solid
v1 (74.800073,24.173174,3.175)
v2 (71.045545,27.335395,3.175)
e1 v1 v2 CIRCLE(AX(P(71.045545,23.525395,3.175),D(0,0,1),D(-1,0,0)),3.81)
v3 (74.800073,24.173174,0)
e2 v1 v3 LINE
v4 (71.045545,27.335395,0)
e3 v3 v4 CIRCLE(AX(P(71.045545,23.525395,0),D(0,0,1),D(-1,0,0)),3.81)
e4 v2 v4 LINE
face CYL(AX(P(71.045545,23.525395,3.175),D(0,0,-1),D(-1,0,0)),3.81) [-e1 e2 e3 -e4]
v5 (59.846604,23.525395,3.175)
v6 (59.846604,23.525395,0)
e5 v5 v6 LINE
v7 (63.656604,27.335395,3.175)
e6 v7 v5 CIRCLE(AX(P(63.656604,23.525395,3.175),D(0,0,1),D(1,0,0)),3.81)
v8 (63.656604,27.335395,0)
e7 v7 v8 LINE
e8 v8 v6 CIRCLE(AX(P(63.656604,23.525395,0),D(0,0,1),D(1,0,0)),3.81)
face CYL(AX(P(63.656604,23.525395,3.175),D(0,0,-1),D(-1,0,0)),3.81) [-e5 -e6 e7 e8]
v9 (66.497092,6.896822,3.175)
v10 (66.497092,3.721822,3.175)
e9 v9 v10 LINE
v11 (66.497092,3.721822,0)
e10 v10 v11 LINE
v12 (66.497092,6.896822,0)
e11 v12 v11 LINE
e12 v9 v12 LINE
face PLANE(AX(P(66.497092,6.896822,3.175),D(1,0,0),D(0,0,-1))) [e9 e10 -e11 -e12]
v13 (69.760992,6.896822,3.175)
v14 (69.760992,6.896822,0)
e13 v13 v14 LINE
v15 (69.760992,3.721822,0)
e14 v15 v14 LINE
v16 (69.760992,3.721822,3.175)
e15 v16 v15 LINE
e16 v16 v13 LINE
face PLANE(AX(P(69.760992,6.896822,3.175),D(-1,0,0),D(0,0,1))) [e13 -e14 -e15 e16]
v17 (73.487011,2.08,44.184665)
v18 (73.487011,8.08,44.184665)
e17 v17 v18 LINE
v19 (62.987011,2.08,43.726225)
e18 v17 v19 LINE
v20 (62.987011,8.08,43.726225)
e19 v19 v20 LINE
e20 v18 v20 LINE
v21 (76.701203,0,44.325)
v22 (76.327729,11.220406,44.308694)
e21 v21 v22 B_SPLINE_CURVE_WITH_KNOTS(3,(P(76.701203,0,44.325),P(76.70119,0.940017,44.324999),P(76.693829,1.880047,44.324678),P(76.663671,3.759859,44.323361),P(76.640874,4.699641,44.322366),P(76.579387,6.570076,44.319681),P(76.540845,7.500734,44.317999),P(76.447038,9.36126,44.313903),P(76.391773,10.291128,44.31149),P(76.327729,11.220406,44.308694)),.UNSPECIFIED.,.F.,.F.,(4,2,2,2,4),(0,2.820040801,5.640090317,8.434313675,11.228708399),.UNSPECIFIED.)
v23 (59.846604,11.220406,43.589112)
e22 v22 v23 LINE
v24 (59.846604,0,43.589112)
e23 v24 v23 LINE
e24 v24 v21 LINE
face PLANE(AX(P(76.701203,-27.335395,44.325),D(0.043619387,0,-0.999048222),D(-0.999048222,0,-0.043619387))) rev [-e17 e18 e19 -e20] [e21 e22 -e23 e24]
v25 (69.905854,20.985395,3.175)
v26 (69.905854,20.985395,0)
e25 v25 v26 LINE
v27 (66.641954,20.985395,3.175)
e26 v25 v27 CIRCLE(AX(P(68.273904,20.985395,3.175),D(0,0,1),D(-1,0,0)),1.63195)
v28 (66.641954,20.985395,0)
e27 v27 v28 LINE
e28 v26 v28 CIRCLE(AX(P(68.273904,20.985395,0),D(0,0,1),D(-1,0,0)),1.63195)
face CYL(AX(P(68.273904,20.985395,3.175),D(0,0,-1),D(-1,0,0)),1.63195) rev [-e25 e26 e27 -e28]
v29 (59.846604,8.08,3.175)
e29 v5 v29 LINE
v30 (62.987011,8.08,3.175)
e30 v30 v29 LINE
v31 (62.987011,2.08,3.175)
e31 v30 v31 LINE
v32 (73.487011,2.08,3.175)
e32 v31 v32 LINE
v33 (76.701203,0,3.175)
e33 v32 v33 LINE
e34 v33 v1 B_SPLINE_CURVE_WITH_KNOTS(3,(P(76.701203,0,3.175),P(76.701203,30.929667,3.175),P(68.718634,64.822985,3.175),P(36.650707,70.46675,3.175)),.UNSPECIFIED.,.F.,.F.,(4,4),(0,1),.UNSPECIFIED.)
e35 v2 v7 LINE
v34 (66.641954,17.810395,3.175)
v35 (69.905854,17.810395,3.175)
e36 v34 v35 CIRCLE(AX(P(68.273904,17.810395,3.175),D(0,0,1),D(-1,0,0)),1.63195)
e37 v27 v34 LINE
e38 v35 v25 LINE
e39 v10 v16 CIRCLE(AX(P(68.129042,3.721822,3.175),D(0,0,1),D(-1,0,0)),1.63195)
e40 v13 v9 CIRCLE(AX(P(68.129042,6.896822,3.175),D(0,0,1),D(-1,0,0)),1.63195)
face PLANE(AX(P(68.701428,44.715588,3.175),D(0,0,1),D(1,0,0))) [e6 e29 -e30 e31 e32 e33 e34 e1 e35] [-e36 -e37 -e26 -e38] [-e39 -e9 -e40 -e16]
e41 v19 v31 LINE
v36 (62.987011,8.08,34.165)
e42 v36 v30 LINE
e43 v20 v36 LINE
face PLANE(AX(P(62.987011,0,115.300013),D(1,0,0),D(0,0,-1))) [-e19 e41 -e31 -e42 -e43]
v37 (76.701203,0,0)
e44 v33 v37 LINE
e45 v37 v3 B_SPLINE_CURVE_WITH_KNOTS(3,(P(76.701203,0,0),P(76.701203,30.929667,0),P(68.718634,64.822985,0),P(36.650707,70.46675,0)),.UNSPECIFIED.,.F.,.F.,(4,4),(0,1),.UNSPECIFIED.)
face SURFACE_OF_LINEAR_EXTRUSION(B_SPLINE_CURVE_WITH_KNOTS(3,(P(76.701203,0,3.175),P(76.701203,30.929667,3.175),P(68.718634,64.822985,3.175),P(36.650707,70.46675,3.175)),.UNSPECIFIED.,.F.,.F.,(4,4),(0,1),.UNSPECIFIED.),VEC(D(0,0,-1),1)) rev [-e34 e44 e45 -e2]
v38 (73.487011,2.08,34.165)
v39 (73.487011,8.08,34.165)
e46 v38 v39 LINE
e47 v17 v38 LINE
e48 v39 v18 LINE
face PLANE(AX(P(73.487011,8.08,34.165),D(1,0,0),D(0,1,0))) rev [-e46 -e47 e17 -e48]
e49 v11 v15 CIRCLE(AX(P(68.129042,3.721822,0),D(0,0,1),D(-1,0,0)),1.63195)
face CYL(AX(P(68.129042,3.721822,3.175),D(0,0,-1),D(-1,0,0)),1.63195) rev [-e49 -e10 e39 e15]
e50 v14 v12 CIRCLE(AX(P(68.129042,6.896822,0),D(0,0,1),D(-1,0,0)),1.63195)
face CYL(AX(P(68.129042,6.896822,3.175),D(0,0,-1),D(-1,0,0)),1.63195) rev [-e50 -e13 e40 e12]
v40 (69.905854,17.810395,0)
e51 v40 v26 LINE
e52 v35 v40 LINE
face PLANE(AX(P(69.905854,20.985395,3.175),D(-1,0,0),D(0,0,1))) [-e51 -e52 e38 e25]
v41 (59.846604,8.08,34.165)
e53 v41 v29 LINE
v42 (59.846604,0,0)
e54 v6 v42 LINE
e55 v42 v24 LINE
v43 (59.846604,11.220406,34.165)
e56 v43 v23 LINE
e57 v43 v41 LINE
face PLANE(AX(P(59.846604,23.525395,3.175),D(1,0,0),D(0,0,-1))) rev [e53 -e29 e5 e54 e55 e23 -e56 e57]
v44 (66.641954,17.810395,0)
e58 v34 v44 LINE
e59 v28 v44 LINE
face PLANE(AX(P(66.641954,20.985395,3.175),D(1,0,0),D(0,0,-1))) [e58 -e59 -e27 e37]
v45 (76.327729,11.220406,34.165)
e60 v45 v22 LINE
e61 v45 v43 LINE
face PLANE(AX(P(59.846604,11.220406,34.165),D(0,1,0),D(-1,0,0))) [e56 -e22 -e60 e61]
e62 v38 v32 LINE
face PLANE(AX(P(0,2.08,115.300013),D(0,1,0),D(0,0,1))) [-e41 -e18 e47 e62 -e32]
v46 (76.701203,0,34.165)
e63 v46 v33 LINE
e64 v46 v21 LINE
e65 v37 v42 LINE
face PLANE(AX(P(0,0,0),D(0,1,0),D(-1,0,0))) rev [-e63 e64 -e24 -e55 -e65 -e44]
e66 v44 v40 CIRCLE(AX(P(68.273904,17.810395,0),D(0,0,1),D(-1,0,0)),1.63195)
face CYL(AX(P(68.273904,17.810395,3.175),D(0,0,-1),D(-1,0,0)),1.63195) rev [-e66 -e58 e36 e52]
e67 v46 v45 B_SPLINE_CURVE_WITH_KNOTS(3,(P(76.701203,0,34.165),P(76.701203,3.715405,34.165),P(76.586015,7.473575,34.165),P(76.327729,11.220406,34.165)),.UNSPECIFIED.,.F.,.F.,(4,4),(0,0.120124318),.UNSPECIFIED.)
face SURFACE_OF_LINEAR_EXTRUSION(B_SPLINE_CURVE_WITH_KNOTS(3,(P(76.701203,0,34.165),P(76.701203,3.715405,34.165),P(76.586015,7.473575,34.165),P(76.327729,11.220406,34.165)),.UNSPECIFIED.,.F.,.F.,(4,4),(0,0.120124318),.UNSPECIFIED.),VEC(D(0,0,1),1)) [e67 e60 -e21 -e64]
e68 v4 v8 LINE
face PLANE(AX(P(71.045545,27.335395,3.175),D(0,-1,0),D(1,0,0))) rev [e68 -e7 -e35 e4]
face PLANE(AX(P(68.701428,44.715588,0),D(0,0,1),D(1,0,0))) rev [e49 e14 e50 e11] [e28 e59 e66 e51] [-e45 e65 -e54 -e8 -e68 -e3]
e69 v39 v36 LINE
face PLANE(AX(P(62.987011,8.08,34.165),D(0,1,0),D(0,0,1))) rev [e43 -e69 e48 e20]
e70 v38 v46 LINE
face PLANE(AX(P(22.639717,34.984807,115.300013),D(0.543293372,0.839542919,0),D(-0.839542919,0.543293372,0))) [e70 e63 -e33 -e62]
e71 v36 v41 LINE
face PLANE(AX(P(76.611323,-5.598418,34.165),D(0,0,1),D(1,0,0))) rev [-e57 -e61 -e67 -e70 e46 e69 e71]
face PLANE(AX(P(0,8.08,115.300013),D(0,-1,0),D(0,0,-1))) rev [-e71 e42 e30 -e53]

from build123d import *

# Parameters (mm, degrees)
BOSS_EXTRUDE1_DEPTH = 3.175
BOSS_EXTRUDE2_DEPTH = 41.15
SKETCH3_W           = 10.5
SKETCH3_H           = 6
BOSS_EXTRUDE3_DEPTH = 10.16
CUT_EXTRUDE1_DEPTH  = 39.555801056


with BuildPart() as part:
    # Sketch1 → Boss-Extrude1 (new body)
    with BuildSketch(Plane.XY):
        with BuildLine():
            Line((71.045544716, 27.335394647), (63.656604316, 27.335394647))
            ThreePointArc((63.656604316, 27.335394647), (60.962527479, 26.219471483), (59.846604316, 23.525394647))
            Line((59.846604316, 23.525394647), (59.846604316, -23.525394647))
            ThreePointArc((59.846604316, -23.525394647), (60.962527479, -26.219471483), (63.656604316, -27.335394647))
            Line((63.656604316, -27.335394647), (71.045544716, -27.335394647))
            ThreePointArc((71.045544716, -27.335394647), (73.499934786, -26.439510188), (74.800072929, -24.173173852))
            add(Edge.make_bspline(
                [(76.701202739, 0), (76.701202739, -8.04022214), (76.161781205, -16.280712803), (74.800072929, -24.173173852)],
                knots=[0, 0, 0, 0, 0.259951787, 0.259951787, 0.259951787, 0.259951787], degree=3))
            add(Edge.make_bspline(
                [(74.800072929, 24.173173852), (76.161781205, 16.280712803), (76.701202739, 8.04022214), (76.701202739, 0)],
                knots=[0.740048213, 0.740048213, 0.740048213, 0.740048213, 1, 1, 1, 1], degree=3))
            ThreePointArc((74.800072929, 24.173173852), (73.499934786, 26.439510188), (71.045544716, 27.335394647))
        make_face()
        with BuildLine():
            Line((66.641953527, -20.985394647), (66.641953527, -17.810394647))
            ThreePointArc((66.641953527, -17.810394647), (68.273903527, -16.178444647), (69.905853527, -17.810394647))
            Line((69.905853527, -17.810394647), (69.905853527, -20.985394647))
            ThreePointArc((69.905853527, -20.985394647), (68.273903527, -22.617344647), (66.641953527, -20.985394647))
        make_face(mode=Mode.SUBTRACT)
        with BuildLine():
            Line((66.497091774, -6.896821773), (66.497091774, -3.721821773))
            ThreePointArc((66.497091774, -3.721821773), (68.129041774, -2.089871773), (69.760991774, -3.721821773))
            Line((69.760991774, -3.721821773), (69.760991774, -6.896821773))
            ThreePointArc((69.760991774, -6.896821773), (68.129041774, -8.528771773), (66.497091774, -6.896821773))
        make_face(mode=Mode.SUBTRACT)
        with BuildLine():
            Line((66.641953527, 20.985394647), (66.641953527, 17.810394647))
            ThreePointArc((66.641953527, 17.810394647), (68.273903527, 16.178444647), (69.905853527, 17.810394647))
            Line((69.905853527, 17.810394647), (69.905853527, 20.985394647))
            ThreePointArc((69.905853527, 20.985394647), (68.273903527, 22.617344647), (66.641953527, 20.985394647))
        make_face(mode=Mode.SUBTRACT)
        with BuildLine():
            Line((66.497091774, 6.896821773), (66.497091774, 3.721821773))
            ThreePointArc((66.497091774, 3.721821773), (68.129041774, 2.089871773), (69.760991774, 3.721821773))
            Line((69.760991774, 3.721821773), (69.760991774, 6.896821773))
            ThreePointArc((69.760991774, 6.896821773), (68.129041774, 8.528771773), (66.497091774, 6.896821773))
        make_face(mode=Mode.SUBTRACT)
    extrude(amount=BOSS_EXTRUDE1_DEPTH)

    # Sketch2 → Boss-Extrude2 (add)
    with BuildSketch(Plane.XY.offset(3.175)):
        Polygon((76.701202739, 0), (73.487010624, 2.08), (62.987010624, 2.08), (62.987010624, 8.08), (59.846604316, 8.08), (59.846604316, -8.08), (62.987010624, -8.08), (62.987010624, -2.08), (73.487010624, -2.08), align=None)
    extrude(amount=BOSS_EXTRUDE2_DEPTH)

    # Sketch3 → Boss-Extrude3 (add)
    with BuildSketch(Plane.XY.offset(44.325)):
        with BuildLine():
            Line((59.846604316, 8.08), (59.846604316, 11.220406309))
            Line((59.846604316, 11.220406309), (76.327728698, 11.220406308))
            add(Edge.make_bspline(
                [(76.701202739, 0), (76.701202739, 3.71540513), (76.586015455, 7.473575307), (76.327728698, 11.220406308)],
                knots=[0, 0, 0, 0, 0.120124318, 0.120124318, 0.120124318, 0.120124318], degree=3))
            add(Edge.make_bspline(
                [(76.701202739, 0), (76.701202739, -3.71540513), (76.586015455, -7.473575307), (76.327728698, -11.220406308)],
                knots=[0, 0, 0, 0, 0.120124318, 0.120124318, 0.120124318, 0.120124318], degree=3))
            Line((76.327728698, -11.220406308), (59.846604316, -11.220406309))
            Line((59.846604316, -11.220406309), (59.846604316, -8.08))
            Line((59.846604316, -8.08), (59.846604316, 8.08))
        make_face()
        with Locations((68.237010624, 5.08)):
            Rectangle(SKETCH3_W, SKETCH3_H, mode=Mode.SUBTRACT)
        with Locations((68.237010624, -5.08)):
            Rectangle(SKETCH3_W, SKETCH3_H, mode=Mode.SUBTRACT)
    extrude(amount=-BOSS_EXTRUDE3_DEPTH)

    # Sketch4 → Cut-Extrude1 (cut, through all)
    with BuildSketch(Plane(origin=(0, 11.220406309, 0), x_dir=(1, 0, 0), z_dir=(0, 1, 0))):
        Polygon((76.701202739, -44.325), (59.846604316, -43.589112341), (59.846604316, -44.325), align=None)
    extrude(amount=-CUT_EXTRUDE1_DEPTH, mode=Mode.SUBTRACT)


with BuildPart() as body_2:
    # Split1: the piece on the far side of the plane
    add(part.part)
    split(bisect_by=Plane(origin=(0, 0, 0), x_dir=(1, 0, 0), z_dir=(0, 1, 0)), keep=Keep.BOTTOM)


with BuildPart() as part_1:
    add(part.part)

    # Split1
    split(bisect_by=Plane(origin=(0, 0, 0), x_dir=(1, 0, 0), z_dir=(0, 1, 0)), keep=Keep.TOP)


solid = part_1.part
